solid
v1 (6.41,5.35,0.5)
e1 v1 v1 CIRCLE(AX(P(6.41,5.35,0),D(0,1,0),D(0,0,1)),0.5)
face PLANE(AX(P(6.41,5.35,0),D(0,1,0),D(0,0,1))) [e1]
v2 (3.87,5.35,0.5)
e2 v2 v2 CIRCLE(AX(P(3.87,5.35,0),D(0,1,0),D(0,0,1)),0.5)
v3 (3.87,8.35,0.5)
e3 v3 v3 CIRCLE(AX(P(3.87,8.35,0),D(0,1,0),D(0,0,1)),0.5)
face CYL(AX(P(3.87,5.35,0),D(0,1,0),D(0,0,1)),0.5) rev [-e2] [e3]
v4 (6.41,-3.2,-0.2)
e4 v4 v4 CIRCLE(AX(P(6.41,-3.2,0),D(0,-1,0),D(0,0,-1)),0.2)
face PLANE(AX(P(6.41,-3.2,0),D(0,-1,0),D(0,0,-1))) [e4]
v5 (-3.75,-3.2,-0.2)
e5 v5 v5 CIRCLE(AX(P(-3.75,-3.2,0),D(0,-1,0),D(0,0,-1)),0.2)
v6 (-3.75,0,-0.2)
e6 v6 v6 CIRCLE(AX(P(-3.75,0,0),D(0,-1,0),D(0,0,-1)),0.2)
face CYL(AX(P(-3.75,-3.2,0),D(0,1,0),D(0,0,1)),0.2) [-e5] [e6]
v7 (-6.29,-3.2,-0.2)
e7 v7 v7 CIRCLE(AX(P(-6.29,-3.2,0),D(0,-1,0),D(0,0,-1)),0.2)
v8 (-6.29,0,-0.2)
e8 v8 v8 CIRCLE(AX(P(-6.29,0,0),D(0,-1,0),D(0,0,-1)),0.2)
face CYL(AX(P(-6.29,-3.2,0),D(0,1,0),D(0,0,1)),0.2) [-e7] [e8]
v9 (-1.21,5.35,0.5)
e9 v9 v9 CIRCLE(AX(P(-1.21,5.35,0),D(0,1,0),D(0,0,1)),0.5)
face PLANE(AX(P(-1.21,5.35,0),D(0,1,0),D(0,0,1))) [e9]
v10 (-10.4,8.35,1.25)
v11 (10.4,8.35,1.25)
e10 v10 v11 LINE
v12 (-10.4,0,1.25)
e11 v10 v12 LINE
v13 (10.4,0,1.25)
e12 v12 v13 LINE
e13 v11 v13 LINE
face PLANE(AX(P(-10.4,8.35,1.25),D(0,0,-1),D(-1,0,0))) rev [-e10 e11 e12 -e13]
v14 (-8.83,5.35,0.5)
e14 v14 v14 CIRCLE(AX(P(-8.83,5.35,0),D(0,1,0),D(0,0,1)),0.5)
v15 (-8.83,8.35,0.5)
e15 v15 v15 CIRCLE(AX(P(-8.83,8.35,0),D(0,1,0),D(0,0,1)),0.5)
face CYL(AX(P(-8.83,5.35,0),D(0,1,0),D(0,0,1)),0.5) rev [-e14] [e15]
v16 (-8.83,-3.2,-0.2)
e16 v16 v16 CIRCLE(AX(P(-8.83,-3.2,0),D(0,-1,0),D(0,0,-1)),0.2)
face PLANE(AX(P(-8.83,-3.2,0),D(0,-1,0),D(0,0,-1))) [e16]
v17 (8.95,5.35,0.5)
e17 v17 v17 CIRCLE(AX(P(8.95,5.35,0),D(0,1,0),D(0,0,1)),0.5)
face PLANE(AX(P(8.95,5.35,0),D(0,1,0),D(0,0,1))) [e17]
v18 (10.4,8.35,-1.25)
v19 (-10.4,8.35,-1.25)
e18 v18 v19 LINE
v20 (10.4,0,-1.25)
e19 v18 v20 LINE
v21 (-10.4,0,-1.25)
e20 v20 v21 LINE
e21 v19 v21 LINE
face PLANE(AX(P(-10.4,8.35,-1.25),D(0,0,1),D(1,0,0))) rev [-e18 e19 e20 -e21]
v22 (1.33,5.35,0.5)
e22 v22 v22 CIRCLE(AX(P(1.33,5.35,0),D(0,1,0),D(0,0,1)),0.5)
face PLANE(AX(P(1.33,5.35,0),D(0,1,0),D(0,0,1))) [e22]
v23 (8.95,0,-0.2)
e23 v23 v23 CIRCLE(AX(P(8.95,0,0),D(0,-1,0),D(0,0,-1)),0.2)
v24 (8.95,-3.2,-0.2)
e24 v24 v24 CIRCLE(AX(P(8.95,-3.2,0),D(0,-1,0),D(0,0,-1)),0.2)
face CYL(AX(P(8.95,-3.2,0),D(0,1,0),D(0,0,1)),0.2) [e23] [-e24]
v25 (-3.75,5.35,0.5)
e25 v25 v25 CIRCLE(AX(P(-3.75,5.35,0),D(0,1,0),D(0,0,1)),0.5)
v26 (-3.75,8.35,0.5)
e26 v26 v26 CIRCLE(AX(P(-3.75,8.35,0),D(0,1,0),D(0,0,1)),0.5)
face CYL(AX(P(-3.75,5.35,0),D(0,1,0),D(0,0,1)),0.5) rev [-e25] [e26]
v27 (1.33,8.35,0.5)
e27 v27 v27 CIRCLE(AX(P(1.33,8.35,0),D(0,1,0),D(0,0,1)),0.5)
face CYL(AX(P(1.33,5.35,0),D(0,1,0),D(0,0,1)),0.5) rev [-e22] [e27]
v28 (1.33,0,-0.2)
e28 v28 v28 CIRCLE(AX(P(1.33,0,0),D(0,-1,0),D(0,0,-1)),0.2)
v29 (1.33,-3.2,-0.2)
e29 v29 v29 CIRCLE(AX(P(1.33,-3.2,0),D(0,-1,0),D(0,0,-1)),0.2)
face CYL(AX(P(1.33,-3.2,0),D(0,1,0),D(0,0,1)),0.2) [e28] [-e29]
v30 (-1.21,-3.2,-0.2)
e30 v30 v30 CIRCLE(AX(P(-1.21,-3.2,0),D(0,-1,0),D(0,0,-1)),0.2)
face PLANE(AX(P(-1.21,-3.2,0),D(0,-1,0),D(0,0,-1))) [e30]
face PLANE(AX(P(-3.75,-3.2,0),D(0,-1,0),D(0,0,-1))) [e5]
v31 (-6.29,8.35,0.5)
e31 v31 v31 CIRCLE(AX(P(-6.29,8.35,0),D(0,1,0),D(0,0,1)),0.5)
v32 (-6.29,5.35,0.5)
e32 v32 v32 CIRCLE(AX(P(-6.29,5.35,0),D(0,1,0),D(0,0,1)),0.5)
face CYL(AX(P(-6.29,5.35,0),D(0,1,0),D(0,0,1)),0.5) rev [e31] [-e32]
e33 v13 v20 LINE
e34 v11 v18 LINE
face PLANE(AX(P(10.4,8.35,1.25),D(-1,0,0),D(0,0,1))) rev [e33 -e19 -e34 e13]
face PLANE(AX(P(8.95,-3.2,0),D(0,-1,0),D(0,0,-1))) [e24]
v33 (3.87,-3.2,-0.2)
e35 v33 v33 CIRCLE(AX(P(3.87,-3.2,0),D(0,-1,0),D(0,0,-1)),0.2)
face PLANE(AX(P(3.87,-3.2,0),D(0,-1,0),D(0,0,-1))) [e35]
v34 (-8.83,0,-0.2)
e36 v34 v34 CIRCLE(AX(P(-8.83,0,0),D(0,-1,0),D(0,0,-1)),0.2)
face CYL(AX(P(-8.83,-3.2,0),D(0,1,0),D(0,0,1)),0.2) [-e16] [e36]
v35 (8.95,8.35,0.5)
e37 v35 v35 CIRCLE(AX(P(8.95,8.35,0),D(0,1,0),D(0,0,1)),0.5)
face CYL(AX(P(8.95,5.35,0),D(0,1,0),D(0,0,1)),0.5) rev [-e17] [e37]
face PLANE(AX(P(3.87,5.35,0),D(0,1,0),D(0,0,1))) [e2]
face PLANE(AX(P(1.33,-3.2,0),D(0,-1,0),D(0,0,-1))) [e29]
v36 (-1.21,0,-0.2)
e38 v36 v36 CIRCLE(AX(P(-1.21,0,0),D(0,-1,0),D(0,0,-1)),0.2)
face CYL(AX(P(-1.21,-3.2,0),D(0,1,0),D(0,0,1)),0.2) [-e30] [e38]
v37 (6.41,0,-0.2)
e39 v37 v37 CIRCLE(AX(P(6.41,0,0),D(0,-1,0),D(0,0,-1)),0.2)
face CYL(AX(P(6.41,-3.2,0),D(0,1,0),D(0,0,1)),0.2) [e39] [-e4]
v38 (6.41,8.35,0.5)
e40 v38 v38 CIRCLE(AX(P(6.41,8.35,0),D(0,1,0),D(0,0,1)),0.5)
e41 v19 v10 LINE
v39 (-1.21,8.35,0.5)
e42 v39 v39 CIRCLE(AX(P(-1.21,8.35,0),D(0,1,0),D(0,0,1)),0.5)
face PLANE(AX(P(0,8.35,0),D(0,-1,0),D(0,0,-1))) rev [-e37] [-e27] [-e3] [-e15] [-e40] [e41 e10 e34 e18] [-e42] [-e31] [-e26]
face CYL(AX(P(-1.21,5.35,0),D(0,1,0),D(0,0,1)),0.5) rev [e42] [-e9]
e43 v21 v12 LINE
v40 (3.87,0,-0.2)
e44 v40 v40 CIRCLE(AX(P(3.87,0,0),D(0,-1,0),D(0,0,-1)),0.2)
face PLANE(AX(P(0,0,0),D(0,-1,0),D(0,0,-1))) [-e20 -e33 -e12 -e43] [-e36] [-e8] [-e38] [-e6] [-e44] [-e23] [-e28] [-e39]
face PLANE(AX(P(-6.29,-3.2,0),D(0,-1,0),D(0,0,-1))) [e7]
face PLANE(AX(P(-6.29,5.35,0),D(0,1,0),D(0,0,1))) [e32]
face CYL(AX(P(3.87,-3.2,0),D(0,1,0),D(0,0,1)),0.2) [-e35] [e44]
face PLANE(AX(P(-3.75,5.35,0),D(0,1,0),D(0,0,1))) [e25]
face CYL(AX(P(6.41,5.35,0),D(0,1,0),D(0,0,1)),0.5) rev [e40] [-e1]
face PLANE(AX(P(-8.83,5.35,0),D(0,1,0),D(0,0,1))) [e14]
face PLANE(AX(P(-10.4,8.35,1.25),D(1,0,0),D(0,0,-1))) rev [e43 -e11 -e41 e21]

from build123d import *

# Parameters (mm, degrees)
SKETCH1_W           = 20.8
SKETCH1_H           = 2.5
BOSS_EXTRUDE1_DEPTH = 8.35
SKETCH2_R           = 0.5
CUT_EXTRUDE1_DEPTH  = 3
SKETCH3_R           = 0.2
BOSS_EXTRUDE2_DEPTH = 3.2
LPATTERN1_COUNT     = 8
LPATTERN1_PITCH     = 2.54


with BuildPart() as part:
    # Sketch1 → Boss-Extrude1 (new body)
    with BuildSketch(Plane(origin=(0, 0, 0), x_dir=(1, 0, 0), z_dir=(0, 1, 0))):
        Rectangle(SKETCH1_W, SKETCH1_H)
    extrude(amount=BOSS_EXTRUDE1_DEPTH)

    # Sketch2 → Cut-Extrude1 (cut)
    with BuildSketch(Plane(origin=(0, 8.35, 0), x_dir=(1, 0, 0), z_dir=(0, 1, 0))):
        with Locations((-8.83, 0)):
            Circle(SKETCH2_R)
    cut_extrude1 = extrude(amount=-CUT_EXTRUDE1_DEPTH, mode=Mode.SUBTRACT)

    # Sketch3 → Boss-Extrude2 (add)
    with BuildSketch(Plane.XZ):
        with Locations((-8.83, 0)):
            Circle(SKETCH3_R)
    boss_extrude2 = extrude(amount=BOSS_EXTRUDE2_DEPTH)

    # LPattern1: Cut-Extrude1, Boss-Extrude2 ×8
    with Locations(*[(i * LPATTERN1_PITCH, 0, 0) for i in range(1, LPATTERN1_COUNT)]):
        add(cut_extrude1, mode=Mode.SUBTRACT)
        add(boss_extrude2)


solid = part.part
